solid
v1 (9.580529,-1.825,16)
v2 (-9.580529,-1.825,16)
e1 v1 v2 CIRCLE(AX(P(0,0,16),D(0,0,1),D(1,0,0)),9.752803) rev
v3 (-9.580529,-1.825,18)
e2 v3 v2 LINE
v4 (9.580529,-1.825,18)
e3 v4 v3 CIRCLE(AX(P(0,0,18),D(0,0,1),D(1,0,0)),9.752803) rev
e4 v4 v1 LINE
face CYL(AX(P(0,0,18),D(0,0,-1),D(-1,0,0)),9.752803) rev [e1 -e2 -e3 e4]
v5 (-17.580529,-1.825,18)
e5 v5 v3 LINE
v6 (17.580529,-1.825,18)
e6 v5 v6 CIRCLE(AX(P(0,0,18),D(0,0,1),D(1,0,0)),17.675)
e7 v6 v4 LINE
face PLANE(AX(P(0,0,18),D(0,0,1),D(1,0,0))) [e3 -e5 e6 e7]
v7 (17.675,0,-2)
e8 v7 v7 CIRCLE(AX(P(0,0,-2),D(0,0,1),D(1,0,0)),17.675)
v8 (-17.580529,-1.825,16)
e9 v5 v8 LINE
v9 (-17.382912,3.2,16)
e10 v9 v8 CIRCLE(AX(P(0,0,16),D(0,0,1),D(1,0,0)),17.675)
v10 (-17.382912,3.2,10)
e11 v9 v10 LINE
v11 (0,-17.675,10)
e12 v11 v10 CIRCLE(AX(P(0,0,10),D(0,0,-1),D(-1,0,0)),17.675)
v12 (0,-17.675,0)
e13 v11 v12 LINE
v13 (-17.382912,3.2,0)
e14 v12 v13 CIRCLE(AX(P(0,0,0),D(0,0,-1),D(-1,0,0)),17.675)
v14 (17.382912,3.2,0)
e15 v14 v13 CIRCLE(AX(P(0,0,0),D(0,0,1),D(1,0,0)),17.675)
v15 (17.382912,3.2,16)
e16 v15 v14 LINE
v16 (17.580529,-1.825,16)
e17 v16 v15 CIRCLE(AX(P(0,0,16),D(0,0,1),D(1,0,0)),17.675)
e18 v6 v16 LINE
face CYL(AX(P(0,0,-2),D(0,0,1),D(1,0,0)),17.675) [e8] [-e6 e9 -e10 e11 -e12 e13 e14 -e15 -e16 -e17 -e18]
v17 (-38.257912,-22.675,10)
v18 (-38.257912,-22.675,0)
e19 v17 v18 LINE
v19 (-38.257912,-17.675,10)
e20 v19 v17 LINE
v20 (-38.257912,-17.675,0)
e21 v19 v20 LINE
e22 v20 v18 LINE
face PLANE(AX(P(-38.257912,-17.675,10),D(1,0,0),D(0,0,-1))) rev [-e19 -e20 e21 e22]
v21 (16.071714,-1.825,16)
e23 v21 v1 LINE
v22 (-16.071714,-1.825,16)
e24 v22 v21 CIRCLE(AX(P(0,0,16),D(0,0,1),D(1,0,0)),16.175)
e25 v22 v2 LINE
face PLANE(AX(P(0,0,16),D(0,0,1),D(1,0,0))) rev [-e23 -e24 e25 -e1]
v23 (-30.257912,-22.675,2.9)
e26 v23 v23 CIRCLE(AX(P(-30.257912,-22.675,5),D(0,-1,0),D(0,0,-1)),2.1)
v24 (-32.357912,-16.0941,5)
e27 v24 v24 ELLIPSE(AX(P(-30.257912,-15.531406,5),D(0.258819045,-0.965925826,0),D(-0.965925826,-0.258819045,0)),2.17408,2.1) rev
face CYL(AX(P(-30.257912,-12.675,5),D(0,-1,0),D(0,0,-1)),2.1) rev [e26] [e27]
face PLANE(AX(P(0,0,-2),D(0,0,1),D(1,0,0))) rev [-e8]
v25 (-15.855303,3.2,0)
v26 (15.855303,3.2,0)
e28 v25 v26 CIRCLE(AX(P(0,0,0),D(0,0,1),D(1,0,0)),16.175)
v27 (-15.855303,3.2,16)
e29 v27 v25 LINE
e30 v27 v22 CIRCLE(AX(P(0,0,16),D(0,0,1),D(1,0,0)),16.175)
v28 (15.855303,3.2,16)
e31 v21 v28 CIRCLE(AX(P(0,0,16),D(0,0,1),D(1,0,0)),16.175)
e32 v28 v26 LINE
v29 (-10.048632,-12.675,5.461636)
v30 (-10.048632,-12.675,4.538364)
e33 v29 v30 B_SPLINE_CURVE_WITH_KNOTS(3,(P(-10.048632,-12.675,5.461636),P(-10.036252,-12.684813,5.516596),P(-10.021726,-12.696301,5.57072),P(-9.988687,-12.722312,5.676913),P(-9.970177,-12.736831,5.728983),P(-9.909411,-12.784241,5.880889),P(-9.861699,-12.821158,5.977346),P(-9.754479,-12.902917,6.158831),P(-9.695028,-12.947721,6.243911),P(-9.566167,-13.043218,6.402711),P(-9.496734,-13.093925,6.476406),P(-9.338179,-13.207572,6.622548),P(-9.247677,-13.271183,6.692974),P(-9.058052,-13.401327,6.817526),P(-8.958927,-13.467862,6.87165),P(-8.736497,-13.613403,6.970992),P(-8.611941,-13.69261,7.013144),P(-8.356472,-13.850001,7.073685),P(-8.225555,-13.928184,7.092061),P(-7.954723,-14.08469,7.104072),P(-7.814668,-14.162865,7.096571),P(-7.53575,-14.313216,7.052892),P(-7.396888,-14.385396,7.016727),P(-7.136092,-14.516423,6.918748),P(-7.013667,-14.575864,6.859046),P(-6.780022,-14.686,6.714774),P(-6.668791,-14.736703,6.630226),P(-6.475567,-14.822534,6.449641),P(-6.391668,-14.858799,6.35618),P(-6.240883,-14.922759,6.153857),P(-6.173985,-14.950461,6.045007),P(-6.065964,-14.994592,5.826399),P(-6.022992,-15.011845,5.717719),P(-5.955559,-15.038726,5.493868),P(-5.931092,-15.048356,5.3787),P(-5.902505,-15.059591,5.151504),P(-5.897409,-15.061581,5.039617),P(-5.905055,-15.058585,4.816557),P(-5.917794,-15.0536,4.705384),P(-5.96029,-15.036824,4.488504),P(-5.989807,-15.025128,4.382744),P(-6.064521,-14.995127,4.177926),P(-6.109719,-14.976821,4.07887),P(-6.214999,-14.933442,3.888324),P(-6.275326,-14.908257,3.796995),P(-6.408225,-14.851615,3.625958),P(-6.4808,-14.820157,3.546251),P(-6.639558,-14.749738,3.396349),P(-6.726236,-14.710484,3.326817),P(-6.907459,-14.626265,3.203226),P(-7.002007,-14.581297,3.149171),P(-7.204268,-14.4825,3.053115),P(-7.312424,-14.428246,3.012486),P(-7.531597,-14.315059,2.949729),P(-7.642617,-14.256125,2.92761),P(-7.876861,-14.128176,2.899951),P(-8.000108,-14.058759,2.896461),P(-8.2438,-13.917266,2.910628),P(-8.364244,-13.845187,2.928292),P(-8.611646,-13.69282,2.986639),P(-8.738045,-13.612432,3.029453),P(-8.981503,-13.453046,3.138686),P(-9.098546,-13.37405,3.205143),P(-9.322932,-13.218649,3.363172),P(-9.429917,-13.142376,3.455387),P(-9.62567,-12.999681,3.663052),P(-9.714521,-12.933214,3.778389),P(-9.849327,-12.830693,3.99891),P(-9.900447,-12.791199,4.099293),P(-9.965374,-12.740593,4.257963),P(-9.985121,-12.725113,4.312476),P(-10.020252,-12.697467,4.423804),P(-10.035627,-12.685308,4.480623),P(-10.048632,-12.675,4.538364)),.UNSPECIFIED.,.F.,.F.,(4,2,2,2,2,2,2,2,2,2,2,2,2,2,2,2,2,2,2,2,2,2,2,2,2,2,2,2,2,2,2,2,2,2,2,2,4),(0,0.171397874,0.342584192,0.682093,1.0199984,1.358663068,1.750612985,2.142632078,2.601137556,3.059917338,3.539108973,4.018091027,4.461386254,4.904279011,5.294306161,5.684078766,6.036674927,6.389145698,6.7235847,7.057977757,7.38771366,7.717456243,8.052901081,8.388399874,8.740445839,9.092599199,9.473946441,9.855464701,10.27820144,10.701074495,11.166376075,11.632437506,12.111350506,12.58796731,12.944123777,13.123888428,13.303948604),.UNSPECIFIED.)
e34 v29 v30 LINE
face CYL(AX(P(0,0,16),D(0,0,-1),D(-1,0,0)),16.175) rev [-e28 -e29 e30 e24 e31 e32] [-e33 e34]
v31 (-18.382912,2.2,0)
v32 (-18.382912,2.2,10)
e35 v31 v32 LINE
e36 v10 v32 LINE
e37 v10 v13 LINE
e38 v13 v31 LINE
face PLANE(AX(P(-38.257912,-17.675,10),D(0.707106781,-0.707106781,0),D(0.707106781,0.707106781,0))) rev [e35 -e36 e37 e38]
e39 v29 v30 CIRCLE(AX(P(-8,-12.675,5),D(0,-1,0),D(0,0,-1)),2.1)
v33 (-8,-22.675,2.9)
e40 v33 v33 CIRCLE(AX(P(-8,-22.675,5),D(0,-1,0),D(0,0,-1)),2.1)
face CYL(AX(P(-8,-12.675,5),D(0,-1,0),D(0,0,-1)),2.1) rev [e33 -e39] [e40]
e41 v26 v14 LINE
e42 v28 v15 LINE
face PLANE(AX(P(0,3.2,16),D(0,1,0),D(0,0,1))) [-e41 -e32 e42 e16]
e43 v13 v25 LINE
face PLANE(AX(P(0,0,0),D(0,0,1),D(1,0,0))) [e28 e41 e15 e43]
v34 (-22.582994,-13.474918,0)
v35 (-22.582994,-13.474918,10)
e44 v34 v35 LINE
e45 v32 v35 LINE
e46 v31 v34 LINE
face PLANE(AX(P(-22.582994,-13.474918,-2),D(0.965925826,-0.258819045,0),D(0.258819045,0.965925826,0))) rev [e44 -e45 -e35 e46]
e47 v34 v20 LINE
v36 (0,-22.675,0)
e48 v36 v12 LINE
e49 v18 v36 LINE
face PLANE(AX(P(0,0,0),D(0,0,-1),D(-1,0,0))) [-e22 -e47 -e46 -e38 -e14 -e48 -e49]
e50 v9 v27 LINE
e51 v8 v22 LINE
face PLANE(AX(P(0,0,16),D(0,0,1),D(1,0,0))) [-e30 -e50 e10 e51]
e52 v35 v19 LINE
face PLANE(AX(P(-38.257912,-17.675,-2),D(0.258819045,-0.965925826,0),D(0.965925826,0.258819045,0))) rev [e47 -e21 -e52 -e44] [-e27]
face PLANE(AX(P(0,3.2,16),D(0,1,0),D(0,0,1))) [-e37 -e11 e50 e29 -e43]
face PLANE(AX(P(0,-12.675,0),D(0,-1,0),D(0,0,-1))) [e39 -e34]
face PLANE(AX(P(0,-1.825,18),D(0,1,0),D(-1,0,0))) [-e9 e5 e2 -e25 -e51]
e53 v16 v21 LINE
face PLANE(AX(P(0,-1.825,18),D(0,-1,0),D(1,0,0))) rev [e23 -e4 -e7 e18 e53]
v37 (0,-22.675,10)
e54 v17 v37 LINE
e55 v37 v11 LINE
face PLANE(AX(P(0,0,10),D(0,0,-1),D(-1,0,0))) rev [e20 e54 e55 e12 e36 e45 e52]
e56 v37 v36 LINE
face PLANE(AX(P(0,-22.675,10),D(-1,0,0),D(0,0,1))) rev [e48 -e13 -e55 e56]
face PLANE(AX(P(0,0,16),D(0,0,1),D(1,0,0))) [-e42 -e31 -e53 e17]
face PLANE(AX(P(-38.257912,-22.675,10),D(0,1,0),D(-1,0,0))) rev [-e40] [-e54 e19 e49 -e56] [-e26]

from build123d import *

# Parameters (mm, degrees)
SKETCH1_R               = 16.175
BOSS_EXTRUDE1_DEPTH     = 2
BOSS_EXTRUDE2_DEPTH     = 16
BOSS_EXTRUDE3_DEPTH     = 2
BOSS_EXTRUDE4_DEPTH     = 10
SKETCH5_R               = 2.1
CUT_EXTRUDE3_DEPTH      = 10
CUT_EXTRUDE5_DEPTH      = 9
CUT_EXTRUDE5_DEPTH_BACK = 13


with BuildPart() as part:
    # Sketch1 → Boss-Extrude1 (new body)
    with BuildSketch(Plane.XY):
        Circle(SKETCH1_R)
        with BuildLine():
            ThreePointArc((17.382911868, 3.2), (0, 17.675), (-17.382911868, 3.2))
            Line((-17.382911868, 3.2), (-15.855302741, 3.2))
            ThreePointArc((-15.855302741, 3.2), (0, 16.175), (15.855302741, 3.2))
            Line((15.855302741, 3.2), (17.382911868, 3.2))
        make_face()
        with BuildLine():
            Line((-15.855302741, 3.2), (-17.382911868, 3.2))
            ThreePointArc((-17.382911868, 3.2), (-1.606651446, -17.6018265), (17.675, 0))
            ThreePointArc((17.675, 0), (17.6018265, 1.606651446), (17.382911868, 3.2))
            Line((17.382911868, 3.2), (15.855302741, 3.2))
            ThreePointArc((15.855302741, 3.2), (16.094877241, 1.607965045), (16.175, 0))
            ThreePointArc((16.175, 0), (-1.607965045, -16.094877241), (-15.855302741, 3.2))
        make_face()
    extrude(amount=-BOSS_EXTRUDE1_DEPTH)

    # Sketch1<4> → Boss-Extrude2 (add)
    with BuildSketch(Plane.XY):
        with BuildLine():
            Line((-15.855302741, 3.2), (-17.382911868, 3.2))
            ThreePointArc((-17.382911868, 3.2), (-1.606651446, -17.6018265), (17.675, 0))
            ThreePointArc((17.675, 0), (17.6018265, 1.606651446), (17.382911868, 3.2))
            Line((17.382911868, 3.2), (15.855302741, 3.2))
            ThreePointArc((15.855302741, 3.2), (16.094877241, 1.607965045), (16.175, 0))
            ThreePointArc((16.175, 0), (-1.607965045, -16.094877241), (-15.855302741, 3.2))
        make_face()
    extrude(amount=BOSS_EXTRUDE2_DEPTH)

    # Sketch2 → Boss-Extrude3 (add)
    with BuildSketch(Plane.XY.offset(16)):
        with BuildLine():
            Line((-9.580529002, -1.825), (-16.071714283, -1.825))
            ThreePointArc((-16.071714283, -1.825), (0, -16.175), (16.071714283, -1.825))
            Line((16.071714283, -1.825), (9.580529002, -1.825))
            ThreePointArc((9.580529002, -1.825), (0, -9.752802724), (-9.580529002, -1.825))
        make_face()
        with BuildLine():
            Line((-16.071714283, -1.825), (-17.580529002, -1.825))
            ThreePointArc((-17.580529002, -1.825), (0, -17.675), (17.580529002, -1.825))
            Line((17.580529002, -1.825), (16.071714283, -1.825))
            ThreePointArc((16.071714283, -1.825), (0, -16.175), (-16.071714283, -1.825))
        make_face()
    extrude(amount=BOSS_EXTRUDE3_DEPTH)

    # Sketch3 → Boss-Extrude4 (add)
    with BuildSketch(Plane.XY):
        with BuildLine():
            Line((-38.257911868, -17.675), (-17.382911868, 3.2))
            ThreePointArc((-17.382911868, 3.2), (-13.582445012, -11.310296747), (0, -17.675))
            Line((0, -17.675), (0, -22.675))
            Line((0, -22.675), (-38.257911868, -22.675))
            Line((-38.257911868, -22.675), (-38.257911868, -17.675))
        make_face()
    extrude(amount=BOSS_EXTRUDE4_DEPTH)

    # Sketch5 → Cut-Extrude3 (cut)
    with BuildSketch(Plane.XZ.offset(22.675)):
        with Locations((-30.257911868, 5)):
            Circle(SKETCH5_R)
        with Locations((-8, 5)):
            Circle(SKETCH5_R)
    extrude(amount=-CUT_EXTRUDE3_DEPTH, mode=Mode.SUBTRACT)

    # Sketch6 → Cut-Extrude5 (cut, two sides)
    with BuildSketch(Plane.XY.offset(10)) as cut_extrude5_sk:
        Polygon((-38.257911868, -17.675), (-22.582993568, -13.4749183), (-18.382911868, 2.2), align=None)
    extrude(amount=CUT_EXTRUDE5_DEPTH, mode=Mode.SUBTRACT)
    extrude(cut_extrude5_sk.sketch, amount=-CUT_EXTRUDE5_DEPTH_BACK, mode=Mode.SUBTRACT)


solid = part.part
